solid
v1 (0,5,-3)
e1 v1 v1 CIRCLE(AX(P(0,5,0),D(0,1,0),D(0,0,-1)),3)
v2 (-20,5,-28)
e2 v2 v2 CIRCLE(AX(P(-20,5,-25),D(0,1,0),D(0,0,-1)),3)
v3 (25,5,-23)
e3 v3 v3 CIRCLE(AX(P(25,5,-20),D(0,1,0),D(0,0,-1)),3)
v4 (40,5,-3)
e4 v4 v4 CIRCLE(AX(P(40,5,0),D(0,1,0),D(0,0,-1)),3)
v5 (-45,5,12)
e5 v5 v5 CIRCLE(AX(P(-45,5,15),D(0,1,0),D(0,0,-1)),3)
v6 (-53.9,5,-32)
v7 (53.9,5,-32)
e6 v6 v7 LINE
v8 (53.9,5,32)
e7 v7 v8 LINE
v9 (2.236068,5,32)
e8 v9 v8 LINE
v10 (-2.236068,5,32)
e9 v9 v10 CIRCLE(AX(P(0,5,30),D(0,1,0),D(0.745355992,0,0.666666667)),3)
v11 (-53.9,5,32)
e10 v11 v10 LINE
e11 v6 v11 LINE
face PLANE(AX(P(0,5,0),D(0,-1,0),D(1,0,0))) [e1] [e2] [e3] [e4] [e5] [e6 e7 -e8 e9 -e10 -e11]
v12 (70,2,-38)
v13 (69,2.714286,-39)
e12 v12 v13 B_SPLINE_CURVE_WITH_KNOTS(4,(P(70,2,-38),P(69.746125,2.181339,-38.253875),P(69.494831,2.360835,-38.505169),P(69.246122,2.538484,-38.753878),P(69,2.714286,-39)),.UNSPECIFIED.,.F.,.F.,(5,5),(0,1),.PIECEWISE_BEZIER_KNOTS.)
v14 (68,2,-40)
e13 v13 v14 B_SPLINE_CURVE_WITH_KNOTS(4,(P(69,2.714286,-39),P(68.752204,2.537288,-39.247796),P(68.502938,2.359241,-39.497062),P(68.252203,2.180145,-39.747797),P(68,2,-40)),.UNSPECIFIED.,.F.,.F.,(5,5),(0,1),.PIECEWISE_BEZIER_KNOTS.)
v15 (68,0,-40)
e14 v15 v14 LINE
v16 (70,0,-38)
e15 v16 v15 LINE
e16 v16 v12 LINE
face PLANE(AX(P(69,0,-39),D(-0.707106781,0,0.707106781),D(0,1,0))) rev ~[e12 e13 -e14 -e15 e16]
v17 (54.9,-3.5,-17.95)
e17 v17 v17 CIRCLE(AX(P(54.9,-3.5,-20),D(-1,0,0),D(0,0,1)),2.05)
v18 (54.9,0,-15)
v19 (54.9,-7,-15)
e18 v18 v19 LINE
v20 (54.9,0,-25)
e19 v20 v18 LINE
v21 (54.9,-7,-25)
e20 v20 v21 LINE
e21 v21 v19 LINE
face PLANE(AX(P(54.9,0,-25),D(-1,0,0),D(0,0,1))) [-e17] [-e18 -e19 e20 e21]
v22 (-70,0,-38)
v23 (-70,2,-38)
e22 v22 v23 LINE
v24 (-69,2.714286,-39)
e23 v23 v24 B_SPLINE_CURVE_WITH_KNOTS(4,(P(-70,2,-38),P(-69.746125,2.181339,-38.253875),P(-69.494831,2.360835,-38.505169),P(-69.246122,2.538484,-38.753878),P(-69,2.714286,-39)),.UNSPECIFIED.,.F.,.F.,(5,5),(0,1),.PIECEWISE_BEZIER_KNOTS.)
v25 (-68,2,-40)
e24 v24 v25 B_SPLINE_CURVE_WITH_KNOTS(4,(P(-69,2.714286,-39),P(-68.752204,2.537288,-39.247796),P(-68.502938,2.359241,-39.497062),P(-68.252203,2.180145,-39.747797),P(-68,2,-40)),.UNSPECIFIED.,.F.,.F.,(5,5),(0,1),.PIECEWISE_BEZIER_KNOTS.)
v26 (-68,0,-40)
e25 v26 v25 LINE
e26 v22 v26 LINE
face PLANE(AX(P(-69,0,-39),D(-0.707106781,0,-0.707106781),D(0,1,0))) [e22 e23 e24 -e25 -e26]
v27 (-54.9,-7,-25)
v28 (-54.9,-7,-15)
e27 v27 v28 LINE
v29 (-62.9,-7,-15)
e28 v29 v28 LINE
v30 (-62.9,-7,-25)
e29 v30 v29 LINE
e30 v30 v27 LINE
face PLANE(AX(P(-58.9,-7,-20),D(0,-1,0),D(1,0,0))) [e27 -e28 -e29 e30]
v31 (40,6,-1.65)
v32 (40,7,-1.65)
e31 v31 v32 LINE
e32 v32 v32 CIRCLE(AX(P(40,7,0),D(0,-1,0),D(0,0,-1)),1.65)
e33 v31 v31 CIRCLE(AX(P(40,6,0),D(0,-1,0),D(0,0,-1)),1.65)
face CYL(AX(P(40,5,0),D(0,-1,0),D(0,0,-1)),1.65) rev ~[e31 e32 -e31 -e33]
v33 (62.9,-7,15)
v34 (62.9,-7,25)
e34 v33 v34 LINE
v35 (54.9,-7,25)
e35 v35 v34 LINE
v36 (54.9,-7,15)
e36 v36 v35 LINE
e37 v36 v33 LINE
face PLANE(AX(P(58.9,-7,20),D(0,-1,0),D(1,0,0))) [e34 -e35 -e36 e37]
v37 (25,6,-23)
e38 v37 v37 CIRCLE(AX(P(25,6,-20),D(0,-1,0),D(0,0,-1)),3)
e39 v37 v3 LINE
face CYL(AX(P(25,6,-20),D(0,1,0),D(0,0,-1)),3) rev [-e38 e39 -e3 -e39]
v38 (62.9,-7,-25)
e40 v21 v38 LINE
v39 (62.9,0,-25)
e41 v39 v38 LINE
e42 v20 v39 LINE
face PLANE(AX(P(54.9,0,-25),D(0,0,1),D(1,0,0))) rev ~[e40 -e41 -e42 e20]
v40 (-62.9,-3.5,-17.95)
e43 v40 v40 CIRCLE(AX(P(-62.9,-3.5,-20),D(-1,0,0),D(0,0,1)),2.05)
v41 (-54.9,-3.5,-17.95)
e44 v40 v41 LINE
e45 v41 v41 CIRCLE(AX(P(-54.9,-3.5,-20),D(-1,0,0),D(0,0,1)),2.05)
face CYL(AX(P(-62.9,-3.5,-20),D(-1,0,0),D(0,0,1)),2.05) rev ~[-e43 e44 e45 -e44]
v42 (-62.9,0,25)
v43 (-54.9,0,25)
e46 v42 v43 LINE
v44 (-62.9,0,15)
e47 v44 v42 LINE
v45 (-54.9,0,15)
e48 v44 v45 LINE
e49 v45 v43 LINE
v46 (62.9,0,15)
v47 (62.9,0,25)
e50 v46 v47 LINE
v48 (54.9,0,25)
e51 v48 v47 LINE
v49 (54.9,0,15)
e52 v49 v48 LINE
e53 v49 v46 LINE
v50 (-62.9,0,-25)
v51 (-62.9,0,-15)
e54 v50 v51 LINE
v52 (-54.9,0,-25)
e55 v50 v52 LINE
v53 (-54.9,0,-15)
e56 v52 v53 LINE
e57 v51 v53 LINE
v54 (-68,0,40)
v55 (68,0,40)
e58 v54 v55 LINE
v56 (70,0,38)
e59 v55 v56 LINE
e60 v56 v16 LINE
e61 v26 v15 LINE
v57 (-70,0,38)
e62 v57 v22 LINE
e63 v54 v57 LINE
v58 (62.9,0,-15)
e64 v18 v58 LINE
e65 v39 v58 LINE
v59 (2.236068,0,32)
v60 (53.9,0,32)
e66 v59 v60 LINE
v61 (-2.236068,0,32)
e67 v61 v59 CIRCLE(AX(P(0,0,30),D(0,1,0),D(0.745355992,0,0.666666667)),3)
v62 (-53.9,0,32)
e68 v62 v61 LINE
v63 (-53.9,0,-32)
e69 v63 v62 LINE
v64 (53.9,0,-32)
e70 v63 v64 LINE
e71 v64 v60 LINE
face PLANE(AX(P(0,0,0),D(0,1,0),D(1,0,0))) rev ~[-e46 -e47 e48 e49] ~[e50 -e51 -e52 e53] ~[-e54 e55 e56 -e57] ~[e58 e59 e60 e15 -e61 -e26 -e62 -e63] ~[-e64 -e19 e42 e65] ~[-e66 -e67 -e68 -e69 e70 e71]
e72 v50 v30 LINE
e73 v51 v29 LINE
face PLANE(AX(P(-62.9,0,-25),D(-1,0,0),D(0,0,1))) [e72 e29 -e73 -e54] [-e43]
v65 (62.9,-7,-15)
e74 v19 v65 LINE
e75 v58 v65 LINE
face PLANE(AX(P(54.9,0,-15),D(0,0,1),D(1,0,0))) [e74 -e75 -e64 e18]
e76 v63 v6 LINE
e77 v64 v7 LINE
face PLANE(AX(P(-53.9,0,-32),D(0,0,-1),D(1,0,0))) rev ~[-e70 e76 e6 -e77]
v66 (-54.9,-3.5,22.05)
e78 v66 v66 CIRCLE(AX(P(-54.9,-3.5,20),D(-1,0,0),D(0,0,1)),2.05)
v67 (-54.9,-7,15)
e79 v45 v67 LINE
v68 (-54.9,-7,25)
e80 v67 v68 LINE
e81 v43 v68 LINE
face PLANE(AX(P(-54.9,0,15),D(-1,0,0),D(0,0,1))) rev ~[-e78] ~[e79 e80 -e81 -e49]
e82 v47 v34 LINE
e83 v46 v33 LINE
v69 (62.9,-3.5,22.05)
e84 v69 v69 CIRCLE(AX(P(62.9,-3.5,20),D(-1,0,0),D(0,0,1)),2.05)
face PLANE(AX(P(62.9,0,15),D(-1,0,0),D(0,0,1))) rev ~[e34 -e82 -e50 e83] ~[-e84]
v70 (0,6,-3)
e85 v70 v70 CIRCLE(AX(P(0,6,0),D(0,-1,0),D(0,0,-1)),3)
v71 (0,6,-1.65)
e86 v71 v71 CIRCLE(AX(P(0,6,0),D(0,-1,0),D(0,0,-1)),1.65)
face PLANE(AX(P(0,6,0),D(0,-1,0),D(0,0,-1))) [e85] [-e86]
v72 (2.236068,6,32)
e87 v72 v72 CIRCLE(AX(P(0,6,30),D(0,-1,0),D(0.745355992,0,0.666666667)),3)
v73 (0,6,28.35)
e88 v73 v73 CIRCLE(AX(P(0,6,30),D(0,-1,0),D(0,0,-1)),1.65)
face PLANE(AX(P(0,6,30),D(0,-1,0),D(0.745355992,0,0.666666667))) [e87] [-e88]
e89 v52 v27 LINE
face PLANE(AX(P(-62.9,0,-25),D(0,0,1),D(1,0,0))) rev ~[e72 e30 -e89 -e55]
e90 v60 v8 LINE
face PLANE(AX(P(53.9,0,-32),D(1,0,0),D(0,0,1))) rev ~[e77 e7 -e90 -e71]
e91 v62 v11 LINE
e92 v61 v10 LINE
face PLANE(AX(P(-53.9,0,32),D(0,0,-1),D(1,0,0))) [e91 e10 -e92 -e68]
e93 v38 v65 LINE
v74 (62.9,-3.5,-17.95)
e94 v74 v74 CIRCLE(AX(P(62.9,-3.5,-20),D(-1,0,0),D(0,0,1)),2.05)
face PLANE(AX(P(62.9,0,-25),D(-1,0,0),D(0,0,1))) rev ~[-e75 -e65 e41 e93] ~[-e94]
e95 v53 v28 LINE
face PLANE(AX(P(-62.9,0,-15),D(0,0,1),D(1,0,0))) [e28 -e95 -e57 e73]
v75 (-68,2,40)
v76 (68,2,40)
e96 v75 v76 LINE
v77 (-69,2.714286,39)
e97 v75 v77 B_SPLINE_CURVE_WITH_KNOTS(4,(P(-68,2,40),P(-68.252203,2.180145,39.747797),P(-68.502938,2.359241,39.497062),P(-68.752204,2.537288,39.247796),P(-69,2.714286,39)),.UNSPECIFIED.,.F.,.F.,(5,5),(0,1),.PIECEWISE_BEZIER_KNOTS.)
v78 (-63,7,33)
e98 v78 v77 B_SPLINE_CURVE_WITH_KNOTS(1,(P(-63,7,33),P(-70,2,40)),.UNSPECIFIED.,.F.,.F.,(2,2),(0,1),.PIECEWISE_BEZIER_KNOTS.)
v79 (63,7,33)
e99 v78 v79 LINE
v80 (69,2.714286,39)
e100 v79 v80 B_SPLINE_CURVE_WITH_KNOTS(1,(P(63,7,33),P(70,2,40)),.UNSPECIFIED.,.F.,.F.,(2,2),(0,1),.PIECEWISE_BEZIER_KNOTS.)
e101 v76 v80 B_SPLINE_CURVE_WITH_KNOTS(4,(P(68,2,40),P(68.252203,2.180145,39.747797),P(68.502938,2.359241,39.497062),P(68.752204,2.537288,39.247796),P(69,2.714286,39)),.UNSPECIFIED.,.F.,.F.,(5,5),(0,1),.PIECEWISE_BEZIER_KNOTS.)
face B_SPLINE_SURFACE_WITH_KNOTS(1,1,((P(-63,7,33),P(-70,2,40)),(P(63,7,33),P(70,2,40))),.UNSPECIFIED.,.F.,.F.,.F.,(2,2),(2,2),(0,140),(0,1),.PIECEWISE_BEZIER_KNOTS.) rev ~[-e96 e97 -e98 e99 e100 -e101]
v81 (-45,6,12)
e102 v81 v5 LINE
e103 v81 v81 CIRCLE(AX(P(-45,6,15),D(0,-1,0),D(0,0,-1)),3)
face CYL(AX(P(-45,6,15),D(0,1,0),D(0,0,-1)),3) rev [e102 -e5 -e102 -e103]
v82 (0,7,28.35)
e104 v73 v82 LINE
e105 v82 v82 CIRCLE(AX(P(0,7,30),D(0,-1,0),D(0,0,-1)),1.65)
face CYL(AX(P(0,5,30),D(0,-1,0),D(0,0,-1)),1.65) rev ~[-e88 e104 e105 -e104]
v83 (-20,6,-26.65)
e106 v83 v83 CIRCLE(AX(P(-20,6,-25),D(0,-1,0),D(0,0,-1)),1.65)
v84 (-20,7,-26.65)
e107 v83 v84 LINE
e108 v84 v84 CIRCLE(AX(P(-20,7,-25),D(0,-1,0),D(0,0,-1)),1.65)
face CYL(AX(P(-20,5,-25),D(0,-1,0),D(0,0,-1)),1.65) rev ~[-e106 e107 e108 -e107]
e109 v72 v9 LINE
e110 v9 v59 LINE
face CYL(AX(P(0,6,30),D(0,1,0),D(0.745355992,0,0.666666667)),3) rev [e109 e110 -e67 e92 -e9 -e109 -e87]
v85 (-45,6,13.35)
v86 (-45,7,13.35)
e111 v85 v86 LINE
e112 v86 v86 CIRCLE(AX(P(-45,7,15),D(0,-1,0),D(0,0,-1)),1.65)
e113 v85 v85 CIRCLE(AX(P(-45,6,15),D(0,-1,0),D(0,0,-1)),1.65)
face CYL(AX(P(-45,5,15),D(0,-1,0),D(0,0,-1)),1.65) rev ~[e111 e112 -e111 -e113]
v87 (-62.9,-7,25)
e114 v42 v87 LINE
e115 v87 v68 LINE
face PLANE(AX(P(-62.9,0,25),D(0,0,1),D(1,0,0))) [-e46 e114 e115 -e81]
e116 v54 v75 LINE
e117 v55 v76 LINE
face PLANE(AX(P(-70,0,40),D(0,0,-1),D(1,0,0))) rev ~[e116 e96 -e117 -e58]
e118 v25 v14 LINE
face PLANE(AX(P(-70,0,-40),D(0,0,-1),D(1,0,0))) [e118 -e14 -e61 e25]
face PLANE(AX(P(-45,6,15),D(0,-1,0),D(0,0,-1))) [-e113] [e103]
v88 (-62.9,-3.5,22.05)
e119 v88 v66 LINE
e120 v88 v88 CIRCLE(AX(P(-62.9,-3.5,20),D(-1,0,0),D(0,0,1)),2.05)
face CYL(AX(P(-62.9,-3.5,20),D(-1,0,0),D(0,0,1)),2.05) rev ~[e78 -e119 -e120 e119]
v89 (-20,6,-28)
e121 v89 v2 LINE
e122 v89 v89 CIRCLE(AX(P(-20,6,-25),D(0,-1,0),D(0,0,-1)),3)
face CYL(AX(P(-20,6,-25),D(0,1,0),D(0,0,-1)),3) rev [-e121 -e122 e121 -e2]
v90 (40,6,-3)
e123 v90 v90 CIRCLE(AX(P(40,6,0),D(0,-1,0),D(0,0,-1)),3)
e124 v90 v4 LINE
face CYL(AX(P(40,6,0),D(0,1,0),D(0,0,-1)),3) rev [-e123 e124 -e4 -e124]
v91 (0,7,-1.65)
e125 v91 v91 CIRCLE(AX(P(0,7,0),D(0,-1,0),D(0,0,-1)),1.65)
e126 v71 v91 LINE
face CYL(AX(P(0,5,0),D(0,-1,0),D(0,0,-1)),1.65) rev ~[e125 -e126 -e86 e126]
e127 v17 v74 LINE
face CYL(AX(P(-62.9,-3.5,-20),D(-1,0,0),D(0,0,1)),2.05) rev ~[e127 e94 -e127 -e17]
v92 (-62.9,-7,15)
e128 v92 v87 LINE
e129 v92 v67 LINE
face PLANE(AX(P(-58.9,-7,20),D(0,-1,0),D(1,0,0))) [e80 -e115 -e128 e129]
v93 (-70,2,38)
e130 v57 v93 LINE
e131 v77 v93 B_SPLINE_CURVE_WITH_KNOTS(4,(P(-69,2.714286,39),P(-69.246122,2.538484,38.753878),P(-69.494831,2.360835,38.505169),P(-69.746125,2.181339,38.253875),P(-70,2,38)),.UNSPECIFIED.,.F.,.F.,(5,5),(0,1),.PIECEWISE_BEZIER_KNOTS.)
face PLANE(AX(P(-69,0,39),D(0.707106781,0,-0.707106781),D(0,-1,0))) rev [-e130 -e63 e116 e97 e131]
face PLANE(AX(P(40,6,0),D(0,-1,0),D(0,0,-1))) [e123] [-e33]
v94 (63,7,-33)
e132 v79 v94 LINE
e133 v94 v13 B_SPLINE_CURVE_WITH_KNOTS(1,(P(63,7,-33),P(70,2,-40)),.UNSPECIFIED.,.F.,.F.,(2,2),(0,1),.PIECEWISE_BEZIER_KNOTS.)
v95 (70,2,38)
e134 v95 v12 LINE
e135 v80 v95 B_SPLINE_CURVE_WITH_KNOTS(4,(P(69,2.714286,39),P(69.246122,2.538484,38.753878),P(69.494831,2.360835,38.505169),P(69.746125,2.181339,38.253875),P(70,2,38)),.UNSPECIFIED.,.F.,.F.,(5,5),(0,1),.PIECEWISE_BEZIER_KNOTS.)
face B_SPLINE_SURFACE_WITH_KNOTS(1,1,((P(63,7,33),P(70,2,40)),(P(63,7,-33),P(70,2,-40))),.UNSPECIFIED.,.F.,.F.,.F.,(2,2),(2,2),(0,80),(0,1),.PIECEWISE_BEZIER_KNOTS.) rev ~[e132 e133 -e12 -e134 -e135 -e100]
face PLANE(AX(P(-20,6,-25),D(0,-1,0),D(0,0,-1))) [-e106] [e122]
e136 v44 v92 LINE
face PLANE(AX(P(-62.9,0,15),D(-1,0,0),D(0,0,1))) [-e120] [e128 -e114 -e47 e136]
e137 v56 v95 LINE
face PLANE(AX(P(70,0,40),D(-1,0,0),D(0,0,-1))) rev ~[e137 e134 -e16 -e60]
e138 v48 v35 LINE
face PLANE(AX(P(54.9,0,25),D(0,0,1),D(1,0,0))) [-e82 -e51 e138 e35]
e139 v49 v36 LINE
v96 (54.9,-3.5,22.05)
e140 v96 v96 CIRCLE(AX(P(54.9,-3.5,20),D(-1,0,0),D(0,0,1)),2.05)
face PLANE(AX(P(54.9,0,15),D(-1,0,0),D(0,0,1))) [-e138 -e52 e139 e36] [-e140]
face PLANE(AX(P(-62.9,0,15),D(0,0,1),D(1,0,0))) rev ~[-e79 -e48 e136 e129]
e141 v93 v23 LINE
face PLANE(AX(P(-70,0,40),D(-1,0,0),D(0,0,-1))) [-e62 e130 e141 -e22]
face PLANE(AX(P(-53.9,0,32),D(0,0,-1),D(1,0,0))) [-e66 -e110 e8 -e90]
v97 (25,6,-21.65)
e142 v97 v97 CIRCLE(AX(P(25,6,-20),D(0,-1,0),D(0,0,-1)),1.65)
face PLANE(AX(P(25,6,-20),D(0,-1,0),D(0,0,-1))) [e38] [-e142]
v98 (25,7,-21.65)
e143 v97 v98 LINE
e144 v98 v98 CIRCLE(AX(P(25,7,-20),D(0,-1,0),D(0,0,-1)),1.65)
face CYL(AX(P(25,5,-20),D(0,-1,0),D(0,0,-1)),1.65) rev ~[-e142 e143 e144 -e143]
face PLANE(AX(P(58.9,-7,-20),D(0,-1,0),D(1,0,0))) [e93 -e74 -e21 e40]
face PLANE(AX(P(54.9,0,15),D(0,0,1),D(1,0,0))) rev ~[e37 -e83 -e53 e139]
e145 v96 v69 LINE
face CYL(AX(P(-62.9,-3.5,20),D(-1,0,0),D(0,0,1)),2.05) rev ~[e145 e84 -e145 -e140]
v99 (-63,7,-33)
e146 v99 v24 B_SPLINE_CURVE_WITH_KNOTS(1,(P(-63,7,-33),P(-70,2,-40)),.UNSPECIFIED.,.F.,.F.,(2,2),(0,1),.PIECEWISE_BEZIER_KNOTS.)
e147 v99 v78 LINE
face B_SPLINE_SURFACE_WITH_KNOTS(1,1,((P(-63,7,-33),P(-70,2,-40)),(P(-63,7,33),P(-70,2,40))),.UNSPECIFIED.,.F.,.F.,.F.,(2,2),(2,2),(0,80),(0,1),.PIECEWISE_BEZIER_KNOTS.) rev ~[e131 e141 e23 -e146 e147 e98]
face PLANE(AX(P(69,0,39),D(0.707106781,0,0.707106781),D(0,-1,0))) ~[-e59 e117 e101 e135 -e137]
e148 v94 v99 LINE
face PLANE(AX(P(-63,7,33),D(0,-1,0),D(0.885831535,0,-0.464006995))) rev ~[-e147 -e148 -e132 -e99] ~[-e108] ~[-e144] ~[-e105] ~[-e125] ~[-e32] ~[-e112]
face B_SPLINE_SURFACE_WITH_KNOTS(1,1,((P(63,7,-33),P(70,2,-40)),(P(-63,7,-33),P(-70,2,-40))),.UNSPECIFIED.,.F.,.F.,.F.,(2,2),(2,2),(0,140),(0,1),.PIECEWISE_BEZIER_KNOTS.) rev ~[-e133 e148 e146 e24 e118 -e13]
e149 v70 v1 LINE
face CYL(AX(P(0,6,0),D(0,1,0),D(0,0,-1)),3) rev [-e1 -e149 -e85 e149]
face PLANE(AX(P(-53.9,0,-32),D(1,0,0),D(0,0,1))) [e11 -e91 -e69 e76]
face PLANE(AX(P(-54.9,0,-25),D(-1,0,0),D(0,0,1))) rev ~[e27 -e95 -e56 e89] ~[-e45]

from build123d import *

# Parameters (mm, degrees)
SKETCH1_W               = 140
SKETCH1_H               = 80
BOSS_EXTRUDE1_DEPTH     = 2
CHAMFER2_SIZE           = 2
SKETCH4_W               = 8
SKETCH4_H               = 10
BOSS_EXTRUDE2_DEPTH     = 7
SKETCH5_R               = 2.05
CUT_EXTRUDE1_DEPTH      = 139.965499445
SKETCH6_W               = 107.8
SKETCH6_H               = 64
CUT_EXTRUDE2_DEPTH      = 5
SKETCH7_R               = 1.65
CUT_EXTRUDE3_DEPTH      = 82.510735624
CUT_EXTRUDE4_DEPTH      = 82.510735624
CUT_EXTRUDE4_DEPTH_BACK = 1
SKETCH8_R               = 3


with BuildPart() as part:
    # Sketch1 → Boss-Extrude1 (new body)
    with BuildSketch(Plane(origin=(0, 0, 0), x_dir=(1, 0, 0), z_dir=(0, 1, 0))):
        Rectangle(SKETCH1_W, SKETCH1_H)
    extrude(amount=BOSS_EXTRUDE1_DEPTH)

    # Sketch3 → Loft1 section 0
    with BuildSketch(Plane(origin=(0, 7, 0), x_dir=(1, 0, 0), z_dir=(0, 1, 0))):
        with BuildLine():
            Line((-63, -33), (63, -33))
            Line((63, -33), (63, 33))
            Line((63, 33), (-63, 33))
            Line((-63, 33), (-63, -33))
        make_face()
    # Sketch2 → Loft1 section 1
    with BuildSketch(Plane(origin=(0, 2, 0), x_dir=(1, 0, 0), z_dir=(0, 1, 0))):
        with BuildLine():
            Line((70, -40), (70, 40))
            Line((70, 40), (-70, 40))
            Line((-70, 40), (-70, -40))
            Line((-70, -40), (70, -40))
        make_face()
    loft()

    # Chamfer2
    chamfer2_edges = [part.edges().sort_by_distance(p)[0] for p in [
        (70, 1, 40),
        (-70, 1, 40),
        (-70, 1, -40),
        (70, 1, -40),
    ]]
    chamfer(chamfer2_edges, length=CHAMFER2_SIZE)

    # Sketch4 → Boss-Extrude2 (add)
    with BuildSketch(Plane.XZ):
        with Locations((-58.9, 20)):
            Rectangle(SKETCH4_W, SKETCH4_H)
        with Locations((-58.9, -20)):
            Rectangle(SKETCH4_W, SKETCH4_H)
        with Locations((58.9, -20)):
            Rectangle(SKETCH4_W, SKETCH4_H)
        with Locations((58.9, 20)):
            Rectangle(SKETCH4_W, SKETCH4_H)
    extrude(amount=BOSS_EXTRUDE2_DEPTH)

    # Sketch5 → Cut-Extrude1 (cut, through all)
    with BuildSketch(Plane.ZY.offset(62.9)):
        with Locations((-20, -3.5)):
            Circle(SKETCH5_R)
        with Locations((20, -3.5)):
            Circle(SKETCH5_R)
    extrude(amount=-CUT_EXTRUDE1_DEPTH, mode=Mode.SUBTRACT)

    # Sketch6 → Cut-Extrude2 (cut)
    with BuildSketch(Plane.XZ):
        Rectangle(SKETCH6_W, SKETCH6_H)
    extrude(amount=-CUT_EXTRUDE2_DEPTH, mode=Mode.SUBTRACT)

    # Sketch7 → Cut-Extrude3 (cut, through all)
    with BuildSketch(Plane.XZ.offset(-5)):
        with Locations(Location((0, 30, 0), (0, 0, 270))):
            Circle(SKETCH7_R)
        with Locations(Location((40, 0, 0), (0, 0, 270))):
            Circle(SKETCH7_R)
        with Locations(Location((25, -20, 0), (0, 0, 270))):
            Circle(SKETCH7_R)
        with Locations(Location((-20, -25, 0), (0, 0, 270))):
            Circle(SKETCH7_R)
        with Locations(Location((-45, 15, 0), (0, 0, 270))):
            Circle(SKETCH7_R)
        with Locations(Location((0, 0, 0), (0, 0, 270))):
            Circle(SKETCH7_R)
    extrude(amount=-CUT_EXTRUDE3_DEPTH, mode=Mode.SUBTRACT)

    # Sketch8 → Cut-Extrude4 (cut, two sides: drawn at the far end of the back side and taken through both)
    with BuildSketch(Plane.XZ.offset(-5).offset(-CUT_EXTRUDE4_DEPTH_BACK)):
        with Locations(Location((0, 30, 0), (0, 0, 41.810314896))):
            Circle(SKETCH8_R)
        with Locations(Location((40, 0, 0), (0, 0, 270))):
            Circle(SKETCH8_R)
        with Locations(Location((25, -20, 0), (0, 0, 270))):
            Circle(SKETCH8_R)
        with Locations(Location((0, 0, 0), (0, 0, 270))):
            Circle(SKETCH8_R)
        with Locations(Location((-45, 15, 0), (0, 0, 270))):
            Circle(SKETCH8_R)
        with Locations(Location((-20, -25, 0), (0, 0, 270))):
            Circle(SKETCH8_R)
    extrude(amount=CUT_EXTRUDE4_DEPTH + CUT_EXTRUDE4_DEPTH_BACK, mode=Mode.SUBTRACT)


solid = part.part
